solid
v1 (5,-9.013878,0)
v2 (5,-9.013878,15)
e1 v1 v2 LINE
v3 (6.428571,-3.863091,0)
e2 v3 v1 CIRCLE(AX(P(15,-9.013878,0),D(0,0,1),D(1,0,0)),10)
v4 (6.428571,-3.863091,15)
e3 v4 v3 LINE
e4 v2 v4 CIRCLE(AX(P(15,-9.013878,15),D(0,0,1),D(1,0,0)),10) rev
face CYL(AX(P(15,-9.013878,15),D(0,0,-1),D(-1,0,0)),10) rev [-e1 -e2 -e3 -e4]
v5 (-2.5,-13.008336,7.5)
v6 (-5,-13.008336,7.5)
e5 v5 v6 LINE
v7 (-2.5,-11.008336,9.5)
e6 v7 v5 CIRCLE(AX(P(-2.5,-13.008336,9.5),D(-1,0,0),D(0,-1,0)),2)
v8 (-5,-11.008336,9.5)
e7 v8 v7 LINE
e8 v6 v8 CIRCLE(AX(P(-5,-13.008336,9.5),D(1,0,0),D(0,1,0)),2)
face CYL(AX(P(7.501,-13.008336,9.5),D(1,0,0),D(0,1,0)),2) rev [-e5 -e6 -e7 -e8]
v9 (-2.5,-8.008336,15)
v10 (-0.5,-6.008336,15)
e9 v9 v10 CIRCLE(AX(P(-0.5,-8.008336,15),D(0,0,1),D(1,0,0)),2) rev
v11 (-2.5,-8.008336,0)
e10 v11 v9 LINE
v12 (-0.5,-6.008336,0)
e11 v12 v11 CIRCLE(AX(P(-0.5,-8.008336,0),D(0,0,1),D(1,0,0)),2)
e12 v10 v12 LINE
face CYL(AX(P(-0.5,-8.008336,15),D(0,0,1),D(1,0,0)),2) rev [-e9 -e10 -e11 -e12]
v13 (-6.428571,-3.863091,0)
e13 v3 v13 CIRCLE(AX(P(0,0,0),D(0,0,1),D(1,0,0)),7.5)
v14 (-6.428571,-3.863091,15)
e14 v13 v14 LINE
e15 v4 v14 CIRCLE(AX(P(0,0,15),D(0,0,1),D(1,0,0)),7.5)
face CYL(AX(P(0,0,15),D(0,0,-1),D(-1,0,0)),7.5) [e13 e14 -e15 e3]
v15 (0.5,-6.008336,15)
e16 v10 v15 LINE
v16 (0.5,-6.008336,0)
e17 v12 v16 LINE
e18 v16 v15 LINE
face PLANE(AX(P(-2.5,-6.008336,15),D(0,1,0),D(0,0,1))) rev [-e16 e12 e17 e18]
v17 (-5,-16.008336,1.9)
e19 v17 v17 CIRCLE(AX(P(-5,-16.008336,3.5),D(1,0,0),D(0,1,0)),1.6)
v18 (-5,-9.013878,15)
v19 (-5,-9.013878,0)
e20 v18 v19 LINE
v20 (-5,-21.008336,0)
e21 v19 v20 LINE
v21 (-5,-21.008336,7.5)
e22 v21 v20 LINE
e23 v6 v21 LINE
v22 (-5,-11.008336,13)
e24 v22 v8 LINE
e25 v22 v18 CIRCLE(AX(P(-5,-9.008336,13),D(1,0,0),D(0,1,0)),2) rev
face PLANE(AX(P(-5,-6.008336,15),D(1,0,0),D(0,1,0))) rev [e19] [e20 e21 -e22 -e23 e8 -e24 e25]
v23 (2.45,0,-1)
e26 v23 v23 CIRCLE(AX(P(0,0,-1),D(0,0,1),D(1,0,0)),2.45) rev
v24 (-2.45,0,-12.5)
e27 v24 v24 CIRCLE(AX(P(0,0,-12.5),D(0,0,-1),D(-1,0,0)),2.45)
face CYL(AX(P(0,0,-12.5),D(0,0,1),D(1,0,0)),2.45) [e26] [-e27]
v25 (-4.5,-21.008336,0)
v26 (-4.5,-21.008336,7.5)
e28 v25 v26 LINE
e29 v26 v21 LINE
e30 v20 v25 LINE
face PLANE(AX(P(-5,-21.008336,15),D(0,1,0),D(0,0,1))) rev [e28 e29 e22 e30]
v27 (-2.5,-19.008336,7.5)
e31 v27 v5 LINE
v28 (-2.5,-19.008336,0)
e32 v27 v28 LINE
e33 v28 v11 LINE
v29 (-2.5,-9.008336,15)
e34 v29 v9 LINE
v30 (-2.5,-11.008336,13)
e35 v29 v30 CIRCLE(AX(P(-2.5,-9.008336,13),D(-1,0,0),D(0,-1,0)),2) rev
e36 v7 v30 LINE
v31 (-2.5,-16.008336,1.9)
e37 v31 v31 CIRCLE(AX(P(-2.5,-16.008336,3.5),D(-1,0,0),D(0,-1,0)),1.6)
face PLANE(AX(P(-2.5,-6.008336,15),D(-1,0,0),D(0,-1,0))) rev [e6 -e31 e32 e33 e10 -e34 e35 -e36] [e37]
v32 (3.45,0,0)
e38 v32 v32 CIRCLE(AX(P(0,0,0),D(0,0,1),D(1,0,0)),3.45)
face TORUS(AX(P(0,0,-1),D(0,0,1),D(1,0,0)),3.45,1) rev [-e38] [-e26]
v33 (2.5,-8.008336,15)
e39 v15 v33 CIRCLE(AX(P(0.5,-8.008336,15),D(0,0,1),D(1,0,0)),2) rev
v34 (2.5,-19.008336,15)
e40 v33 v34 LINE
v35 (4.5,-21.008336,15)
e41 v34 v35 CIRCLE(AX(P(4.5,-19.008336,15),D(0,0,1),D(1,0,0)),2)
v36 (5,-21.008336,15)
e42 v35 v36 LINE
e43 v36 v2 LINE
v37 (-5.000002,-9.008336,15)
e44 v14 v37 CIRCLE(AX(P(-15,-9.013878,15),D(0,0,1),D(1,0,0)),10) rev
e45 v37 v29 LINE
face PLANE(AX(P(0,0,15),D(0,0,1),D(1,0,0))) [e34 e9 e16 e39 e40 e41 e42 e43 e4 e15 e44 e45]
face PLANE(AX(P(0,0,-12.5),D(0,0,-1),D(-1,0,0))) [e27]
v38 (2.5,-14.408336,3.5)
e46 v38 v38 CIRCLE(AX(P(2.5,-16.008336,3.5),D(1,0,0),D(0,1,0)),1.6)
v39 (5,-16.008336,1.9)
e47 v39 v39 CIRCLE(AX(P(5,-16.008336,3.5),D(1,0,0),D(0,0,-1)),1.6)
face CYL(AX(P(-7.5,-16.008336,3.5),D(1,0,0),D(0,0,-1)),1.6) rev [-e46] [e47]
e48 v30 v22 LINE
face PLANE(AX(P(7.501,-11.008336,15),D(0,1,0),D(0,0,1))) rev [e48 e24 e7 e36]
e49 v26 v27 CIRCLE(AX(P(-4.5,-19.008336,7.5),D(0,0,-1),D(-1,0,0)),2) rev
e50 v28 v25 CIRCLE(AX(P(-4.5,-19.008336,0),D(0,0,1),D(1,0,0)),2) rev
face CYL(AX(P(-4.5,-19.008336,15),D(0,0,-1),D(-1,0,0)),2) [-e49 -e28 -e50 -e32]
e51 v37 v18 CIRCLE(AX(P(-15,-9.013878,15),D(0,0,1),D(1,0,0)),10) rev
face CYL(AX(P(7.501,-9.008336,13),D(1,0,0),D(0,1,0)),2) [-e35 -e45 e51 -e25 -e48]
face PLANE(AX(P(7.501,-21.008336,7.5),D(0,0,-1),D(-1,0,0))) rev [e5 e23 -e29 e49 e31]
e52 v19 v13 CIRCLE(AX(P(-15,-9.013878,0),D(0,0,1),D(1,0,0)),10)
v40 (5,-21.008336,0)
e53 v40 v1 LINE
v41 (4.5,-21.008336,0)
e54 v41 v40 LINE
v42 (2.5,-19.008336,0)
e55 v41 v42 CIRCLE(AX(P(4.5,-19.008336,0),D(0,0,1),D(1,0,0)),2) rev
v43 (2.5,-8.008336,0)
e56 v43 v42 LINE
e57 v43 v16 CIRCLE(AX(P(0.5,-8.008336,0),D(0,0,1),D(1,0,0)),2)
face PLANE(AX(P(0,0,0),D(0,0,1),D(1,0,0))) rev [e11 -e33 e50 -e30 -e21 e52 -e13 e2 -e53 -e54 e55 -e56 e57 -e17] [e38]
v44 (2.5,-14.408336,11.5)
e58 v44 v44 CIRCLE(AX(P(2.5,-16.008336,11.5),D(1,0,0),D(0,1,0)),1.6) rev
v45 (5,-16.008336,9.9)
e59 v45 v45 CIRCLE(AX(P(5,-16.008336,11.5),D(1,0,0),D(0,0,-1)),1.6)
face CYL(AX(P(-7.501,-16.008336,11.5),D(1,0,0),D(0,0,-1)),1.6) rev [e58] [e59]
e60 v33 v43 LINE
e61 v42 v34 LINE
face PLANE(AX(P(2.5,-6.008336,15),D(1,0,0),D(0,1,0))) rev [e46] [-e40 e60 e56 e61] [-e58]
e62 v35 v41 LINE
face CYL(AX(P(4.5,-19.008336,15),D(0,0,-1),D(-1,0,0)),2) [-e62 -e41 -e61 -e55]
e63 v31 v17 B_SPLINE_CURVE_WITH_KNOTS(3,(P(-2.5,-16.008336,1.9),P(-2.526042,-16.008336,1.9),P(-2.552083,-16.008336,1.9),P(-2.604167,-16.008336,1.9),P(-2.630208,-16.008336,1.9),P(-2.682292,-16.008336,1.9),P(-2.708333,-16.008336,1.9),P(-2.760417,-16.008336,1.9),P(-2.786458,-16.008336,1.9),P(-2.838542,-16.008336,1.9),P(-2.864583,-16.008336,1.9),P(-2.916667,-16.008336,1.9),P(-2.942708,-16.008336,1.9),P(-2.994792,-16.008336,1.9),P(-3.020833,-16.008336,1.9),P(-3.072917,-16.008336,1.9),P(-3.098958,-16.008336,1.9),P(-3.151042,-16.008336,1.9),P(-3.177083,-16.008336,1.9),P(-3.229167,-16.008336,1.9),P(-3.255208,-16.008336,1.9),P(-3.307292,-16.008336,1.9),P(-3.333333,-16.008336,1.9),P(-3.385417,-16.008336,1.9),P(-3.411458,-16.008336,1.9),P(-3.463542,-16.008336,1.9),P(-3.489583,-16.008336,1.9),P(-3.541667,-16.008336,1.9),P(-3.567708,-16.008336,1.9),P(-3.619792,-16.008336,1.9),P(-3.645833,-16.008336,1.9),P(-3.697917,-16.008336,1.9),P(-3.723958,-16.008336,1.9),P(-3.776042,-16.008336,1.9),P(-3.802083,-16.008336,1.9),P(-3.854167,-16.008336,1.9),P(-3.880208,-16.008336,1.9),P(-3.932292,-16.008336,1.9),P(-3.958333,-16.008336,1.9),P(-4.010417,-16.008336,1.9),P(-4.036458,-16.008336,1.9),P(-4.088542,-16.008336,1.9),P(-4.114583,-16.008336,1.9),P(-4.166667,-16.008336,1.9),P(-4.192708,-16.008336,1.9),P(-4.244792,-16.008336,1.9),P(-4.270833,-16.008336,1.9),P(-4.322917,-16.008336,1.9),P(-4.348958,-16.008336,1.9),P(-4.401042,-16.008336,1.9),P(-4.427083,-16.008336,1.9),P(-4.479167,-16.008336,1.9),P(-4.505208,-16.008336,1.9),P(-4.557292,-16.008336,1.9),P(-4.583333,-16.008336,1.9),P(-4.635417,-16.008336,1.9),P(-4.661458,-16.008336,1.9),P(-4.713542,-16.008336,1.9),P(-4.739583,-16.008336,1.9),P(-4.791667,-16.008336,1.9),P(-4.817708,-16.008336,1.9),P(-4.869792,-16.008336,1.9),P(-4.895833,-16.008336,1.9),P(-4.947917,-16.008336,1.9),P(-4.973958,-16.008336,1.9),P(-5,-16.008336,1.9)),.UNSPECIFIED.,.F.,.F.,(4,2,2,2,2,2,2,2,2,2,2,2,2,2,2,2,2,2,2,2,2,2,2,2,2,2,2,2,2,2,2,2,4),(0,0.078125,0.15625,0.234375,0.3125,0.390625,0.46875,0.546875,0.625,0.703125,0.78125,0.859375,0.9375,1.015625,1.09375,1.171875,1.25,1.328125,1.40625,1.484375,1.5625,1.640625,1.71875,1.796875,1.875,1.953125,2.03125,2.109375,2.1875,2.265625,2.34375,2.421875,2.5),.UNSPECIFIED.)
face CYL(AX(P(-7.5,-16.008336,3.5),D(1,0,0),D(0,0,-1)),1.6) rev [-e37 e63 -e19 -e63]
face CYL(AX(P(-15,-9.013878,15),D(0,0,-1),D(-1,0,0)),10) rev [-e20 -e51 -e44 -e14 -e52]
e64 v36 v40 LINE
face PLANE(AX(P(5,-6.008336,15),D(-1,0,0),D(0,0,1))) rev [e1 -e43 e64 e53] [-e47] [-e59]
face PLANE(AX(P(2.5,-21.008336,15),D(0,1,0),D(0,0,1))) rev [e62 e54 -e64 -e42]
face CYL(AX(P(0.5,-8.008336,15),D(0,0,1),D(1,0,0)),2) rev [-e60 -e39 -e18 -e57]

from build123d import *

# Parameters (mm, degrees)
BOSS_EXTRUDE1_DEPTH = 15
SKETCH3_R           = 2.45
BOSS_EXTRUDE2_DEPTH = 12.5
FILLET2_R           = 10
SKETCH8_R           = 1.6
CUT_EXTRUDE6_DEPTH  = 29.681007074
CUT_EXTRUDE7_REACH  = 30.681
SKETCH9_W           = 7.5
SKETCH9_H           = 10
CUT_EXTRUDE8_REACH  = 30.681
SKETCH10_R          = 1.6
FILLET3_R           = 1
FILLET4_R           = 2


with BuildPart() as part:
    # Sketch2 → Boss-Extrude1 (new body)
    with BuildSketch(Plane.XY):
        with BuildLine():
            Line((-2.5, -6.008335649), (-2.5, -21.008335649))
            Line((-2.5, -21.008335649), (-5, -21.008335649))
            Line((-5, -21.008335649), (-5, -6.008335649))
            Line((-5, -6.008335649), (-5, -5.590169944))
            ThreePointArc((-5, -5.590169944), (0, 7.5), (5, -5.590169944))
            Line((5, -5.590169944), (5, -6.008335649))
            Line((5, -6.008335649), (5, -21.008335649))
            Line((5, -21.008335649), (2.5, -21.008335649))
            Line((2.5, -21.008335649), (2.5, -6.008335649))
            Line((2.5, -6.008335649), (-2.5, -6.008335649))
        make_face()
    extrude(amount=BOSS_EXTRUDE1_DEPTH)

    # Sketch3 → Boss-Extrude2 (add)
    with BuildSketch(Plane(origin=(0, 0, 0), x_dir=(-1, 0, 0), z_dir=(0, 0, -1))):
        Circle(SKETCH3_R)
    extrude(amount=BOSS_EXTRUDE2_DEPTH)

    # Fillet2
    fillet2_edges = [part.edges().sort_by_distance(p)[0] for p in [
        (-5, -5.590169944, 7.5),
        (5, -5.590169944, 7.5),
    ]]
    fillet(fillet2_edges, radius=FILLET2_R)

    # Sketch8 → Cut-Extrude6 (cut, through all)
    with BuildSketch(Plane(origin=(5, 0, 0), x_dir=(0, 0, -1), z_dir=(1, 0, 0))):
        with Locations((-3.5, -16.008335649)):
            Circle(SKETCH8_R)
    extrude(amount=-CUT_EXTRUDE6_DEPTH, mode=Mode.SUBTRACT)

    # Sketch9 → Cut-Extrude7 (cut, up to next)
    with BuildSketch(Plane.ZY.offset(5), mode=Mode.PRIVATE) as cut_extrude7_sk1:
        with Locations((11.25, -16.008335649)):
            Rectangle(SKETCH9_W, SKETCH9_H)
    cut_extrude7_tool1 = extrude(cut_extrude7_sk1.sketch, amount=-CUT_EXTRUDE7_REACH, mode=Mode.PRIVATE) & part.part
    add(cut_extrude7_tool1.solids().sort_by_distance((-5, -16.008336, 11.25))[0], mode=Mode.SUBTRACT)

    # Sketch10 → Cut-Extrude8 (cut, up to next)
    with BuildSketch(Plane(origin=(5, 0, 0), x_dir=(0, 0, -1), z_dir=(1, 0, 0)), mode=Mode.PRIVATE) as cut_extrude8_sk1:
        with Locations((-11.5, -16.008335649)):
            Circle(SKETCH10_R)
    cut_extrude8_tool1 = extrude(cut_extrude8_sk1.sketch, amount=-CUT_EXTRUDE8_REACH, mode=Mode.PRIVATE) & part.part
    add(cut_extrude8_tool1.solids().sort_by_distance((5, -16.008336, 11.5))[0], mode=Mode.SUBTRACT)

    # Fillet3
    fillet3_edges = [part.edges().sort_by_distance(p)[0] for p in [
        (2.45, 0, 0),
    ]]
    fillet(fillet3_edges, radius=FILLET3_R)

    # Fillet4
    fillet4_edges = [part.edges().sort_by_distance(p)[0] for p in [
        (2.5, -6.008335649, 7.5),
        (-2.5, -6.008335649, 7.5),
        (-3.75, -11.008335649, 7.5),
        (-3.75, -11.008335649, 15),
        (-2.5, -21.008335649, 3.75),
        (2.5, -21.008335649, 7.5),
    ]]
    fillet(fillet4_edges, radius=FILLET4_R)


solid = part.part
